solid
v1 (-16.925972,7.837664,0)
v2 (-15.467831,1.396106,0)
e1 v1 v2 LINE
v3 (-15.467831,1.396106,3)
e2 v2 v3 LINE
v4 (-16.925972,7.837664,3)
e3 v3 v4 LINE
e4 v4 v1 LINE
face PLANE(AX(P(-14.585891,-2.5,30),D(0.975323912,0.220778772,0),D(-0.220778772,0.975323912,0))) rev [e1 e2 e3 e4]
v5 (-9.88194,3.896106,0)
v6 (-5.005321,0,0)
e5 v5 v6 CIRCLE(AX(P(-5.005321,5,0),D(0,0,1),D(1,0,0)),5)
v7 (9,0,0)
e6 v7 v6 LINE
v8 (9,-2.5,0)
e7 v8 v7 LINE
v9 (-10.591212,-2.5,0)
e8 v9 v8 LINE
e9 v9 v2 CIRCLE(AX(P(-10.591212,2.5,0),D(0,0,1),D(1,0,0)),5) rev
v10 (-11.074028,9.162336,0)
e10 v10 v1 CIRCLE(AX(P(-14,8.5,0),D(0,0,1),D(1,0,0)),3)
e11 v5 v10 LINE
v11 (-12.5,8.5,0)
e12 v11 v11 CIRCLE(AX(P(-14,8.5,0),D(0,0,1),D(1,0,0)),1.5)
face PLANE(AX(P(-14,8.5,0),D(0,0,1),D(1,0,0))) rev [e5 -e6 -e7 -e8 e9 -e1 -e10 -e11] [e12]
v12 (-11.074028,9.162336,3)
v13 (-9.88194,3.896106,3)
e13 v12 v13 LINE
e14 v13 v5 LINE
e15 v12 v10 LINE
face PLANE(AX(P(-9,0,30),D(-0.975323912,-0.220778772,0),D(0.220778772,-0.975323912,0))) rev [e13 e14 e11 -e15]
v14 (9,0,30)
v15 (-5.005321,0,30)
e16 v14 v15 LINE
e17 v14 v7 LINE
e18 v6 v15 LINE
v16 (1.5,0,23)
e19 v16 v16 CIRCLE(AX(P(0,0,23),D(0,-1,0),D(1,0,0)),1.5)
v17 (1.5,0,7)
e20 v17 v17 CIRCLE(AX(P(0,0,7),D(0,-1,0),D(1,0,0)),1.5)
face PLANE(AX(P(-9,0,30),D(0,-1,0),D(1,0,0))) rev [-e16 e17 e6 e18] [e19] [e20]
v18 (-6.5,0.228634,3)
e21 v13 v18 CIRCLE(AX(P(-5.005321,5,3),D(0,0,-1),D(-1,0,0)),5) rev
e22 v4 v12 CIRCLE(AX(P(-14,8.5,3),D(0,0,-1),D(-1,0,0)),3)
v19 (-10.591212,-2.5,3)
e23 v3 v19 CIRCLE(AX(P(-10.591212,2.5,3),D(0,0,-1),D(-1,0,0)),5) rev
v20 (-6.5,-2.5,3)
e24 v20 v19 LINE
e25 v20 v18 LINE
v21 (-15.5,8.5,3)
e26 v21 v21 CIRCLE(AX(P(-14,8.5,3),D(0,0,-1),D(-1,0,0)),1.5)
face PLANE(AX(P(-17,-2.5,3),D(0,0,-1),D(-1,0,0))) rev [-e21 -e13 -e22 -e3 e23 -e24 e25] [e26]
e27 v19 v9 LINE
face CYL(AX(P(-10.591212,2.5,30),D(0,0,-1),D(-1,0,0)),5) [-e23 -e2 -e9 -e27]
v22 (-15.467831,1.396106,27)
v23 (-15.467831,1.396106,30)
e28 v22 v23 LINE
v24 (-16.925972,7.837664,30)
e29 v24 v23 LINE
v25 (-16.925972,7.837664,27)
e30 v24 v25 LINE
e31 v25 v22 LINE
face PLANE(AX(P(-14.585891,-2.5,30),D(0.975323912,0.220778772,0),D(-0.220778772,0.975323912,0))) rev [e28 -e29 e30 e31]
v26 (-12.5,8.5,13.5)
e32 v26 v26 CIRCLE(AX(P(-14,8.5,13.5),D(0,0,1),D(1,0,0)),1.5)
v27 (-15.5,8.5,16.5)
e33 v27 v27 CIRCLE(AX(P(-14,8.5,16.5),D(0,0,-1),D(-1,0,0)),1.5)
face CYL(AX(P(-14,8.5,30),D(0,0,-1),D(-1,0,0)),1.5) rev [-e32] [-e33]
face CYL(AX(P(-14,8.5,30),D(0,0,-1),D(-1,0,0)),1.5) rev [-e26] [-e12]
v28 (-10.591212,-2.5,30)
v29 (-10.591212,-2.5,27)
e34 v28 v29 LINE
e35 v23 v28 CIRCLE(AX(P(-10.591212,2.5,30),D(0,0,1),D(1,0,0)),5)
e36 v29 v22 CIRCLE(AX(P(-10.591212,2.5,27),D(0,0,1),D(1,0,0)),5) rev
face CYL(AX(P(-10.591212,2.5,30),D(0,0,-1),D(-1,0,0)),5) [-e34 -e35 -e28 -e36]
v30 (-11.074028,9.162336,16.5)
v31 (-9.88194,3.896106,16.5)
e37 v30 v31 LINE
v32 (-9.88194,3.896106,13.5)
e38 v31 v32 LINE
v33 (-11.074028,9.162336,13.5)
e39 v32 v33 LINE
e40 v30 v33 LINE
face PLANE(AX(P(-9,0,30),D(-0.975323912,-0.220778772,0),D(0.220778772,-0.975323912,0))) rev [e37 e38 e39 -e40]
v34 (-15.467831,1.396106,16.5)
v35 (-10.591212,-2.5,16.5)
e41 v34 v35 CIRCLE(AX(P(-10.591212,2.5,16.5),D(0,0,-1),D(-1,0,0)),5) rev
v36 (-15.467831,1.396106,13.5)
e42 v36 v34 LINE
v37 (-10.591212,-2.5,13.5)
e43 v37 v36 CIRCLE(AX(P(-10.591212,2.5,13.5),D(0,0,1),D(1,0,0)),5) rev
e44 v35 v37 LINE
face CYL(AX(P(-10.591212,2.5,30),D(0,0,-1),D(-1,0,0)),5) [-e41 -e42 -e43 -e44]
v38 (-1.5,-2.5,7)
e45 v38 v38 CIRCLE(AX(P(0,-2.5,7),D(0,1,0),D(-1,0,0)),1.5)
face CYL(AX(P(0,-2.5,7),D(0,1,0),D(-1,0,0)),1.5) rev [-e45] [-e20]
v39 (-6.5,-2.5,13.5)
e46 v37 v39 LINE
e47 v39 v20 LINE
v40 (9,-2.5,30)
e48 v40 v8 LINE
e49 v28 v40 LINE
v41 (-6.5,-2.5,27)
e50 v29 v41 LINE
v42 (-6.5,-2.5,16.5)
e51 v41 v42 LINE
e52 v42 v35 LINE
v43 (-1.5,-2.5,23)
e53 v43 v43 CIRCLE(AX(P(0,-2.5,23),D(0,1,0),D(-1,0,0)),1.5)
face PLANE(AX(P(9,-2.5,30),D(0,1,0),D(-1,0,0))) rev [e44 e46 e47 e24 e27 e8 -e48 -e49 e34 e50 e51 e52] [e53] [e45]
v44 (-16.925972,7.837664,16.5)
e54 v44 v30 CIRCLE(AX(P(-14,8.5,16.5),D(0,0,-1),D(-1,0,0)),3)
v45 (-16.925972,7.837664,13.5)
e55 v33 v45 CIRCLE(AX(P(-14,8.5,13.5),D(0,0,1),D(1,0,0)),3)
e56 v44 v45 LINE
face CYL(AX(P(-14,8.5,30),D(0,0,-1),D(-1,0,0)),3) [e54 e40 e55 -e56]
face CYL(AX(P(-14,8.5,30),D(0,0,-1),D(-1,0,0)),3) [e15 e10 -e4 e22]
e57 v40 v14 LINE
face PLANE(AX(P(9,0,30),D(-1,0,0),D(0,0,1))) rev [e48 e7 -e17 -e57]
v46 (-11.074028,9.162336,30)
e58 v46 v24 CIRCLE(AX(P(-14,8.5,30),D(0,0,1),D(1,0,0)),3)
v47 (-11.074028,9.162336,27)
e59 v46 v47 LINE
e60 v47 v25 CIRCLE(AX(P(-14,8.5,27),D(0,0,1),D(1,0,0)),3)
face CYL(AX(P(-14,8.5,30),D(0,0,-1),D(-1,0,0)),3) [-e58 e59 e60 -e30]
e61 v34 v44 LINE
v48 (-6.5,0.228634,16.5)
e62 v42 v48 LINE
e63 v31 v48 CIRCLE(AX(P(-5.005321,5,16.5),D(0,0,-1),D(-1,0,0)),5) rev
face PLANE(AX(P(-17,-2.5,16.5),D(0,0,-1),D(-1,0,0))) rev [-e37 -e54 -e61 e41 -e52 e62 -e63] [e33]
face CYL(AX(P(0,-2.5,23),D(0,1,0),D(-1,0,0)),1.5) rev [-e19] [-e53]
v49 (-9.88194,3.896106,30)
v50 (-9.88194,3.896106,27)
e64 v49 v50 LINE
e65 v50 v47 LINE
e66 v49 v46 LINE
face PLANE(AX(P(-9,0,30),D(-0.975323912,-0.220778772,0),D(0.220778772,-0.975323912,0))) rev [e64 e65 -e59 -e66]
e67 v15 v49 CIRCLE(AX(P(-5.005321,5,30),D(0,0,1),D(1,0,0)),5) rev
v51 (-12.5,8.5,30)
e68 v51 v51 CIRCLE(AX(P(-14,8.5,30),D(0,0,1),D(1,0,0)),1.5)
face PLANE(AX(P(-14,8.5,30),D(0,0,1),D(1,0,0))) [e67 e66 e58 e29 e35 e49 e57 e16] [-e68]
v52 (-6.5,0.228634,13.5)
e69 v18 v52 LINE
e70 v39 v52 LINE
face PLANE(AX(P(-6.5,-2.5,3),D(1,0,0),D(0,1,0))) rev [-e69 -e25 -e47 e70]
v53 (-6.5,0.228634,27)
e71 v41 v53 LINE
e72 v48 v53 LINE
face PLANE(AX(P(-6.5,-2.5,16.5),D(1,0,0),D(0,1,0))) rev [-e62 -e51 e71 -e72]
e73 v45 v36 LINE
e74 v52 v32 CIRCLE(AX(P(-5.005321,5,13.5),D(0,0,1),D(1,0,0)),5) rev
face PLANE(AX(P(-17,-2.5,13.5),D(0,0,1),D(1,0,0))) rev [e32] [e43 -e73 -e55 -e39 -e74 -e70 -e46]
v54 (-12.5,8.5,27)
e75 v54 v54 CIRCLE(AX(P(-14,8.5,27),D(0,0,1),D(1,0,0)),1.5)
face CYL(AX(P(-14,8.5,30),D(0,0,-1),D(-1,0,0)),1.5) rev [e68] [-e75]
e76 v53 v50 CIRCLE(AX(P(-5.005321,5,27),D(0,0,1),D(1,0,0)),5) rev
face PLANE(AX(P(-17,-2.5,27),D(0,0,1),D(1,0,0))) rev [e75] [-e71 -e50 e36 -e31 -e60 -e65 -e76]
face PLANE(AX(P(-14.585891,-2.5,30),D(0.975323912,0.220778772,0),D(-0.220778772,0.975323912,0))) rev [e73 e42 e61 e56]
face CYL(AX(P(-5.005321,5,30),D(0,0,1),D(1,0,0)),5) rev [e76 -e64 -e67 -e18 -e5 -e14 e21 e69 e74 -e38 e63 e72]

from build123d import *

# Parameters (mm, degrees)
ESBO_O1_R                  = 1.5
RESSALTO_EXTRUS_O1_DEPTH   = 30
FILETE1_R                  = 5
CORTE_EXTRUS_O1_DEPTH      = 37.349002737
CORTE_EXTRUS_O1_DEPTH_BACK = 37.349002737
ESBO_O2_R                  = 1.5
ESBO_O2_W                  = 10.5
ESBO_O2_H                  = 10.5


with BuildPart() as part:
    # Esboço1 → Ressalto-extrusão1 (new body)
    with BuildSketch(Plane.XY):
        with BuildLine():
            Line((-9, 0), (9, 0))
            Line((9, 0), (9, -2.5))
            Line((9, -2.5), (-14.585891007, -2.5))
            Line((-14.585891007, -2.5), (-16.925971737, 7.837663684))
            ThreePointArc((-16.925971737, 7.837663684), (-14.662336316, 11.425971737), (-11.074028263, 9.162336316))
            Line((-11.074028263, 9.162336316), (-9, 0))
        make_face()
        with Locations((-14, 8.5)):
            Circle(ESBO_O1_R, mode=Mode.SUBTRACT)
    extrude(amount=RESSALTO_EXTRUS_O1_DEPTH)

    # Filete1
    filete1_edges = [part.edges().sort_by_distance(p)[0] for p in [
        (-14.585891007, -2.5, 15),
        (-9, 0, 15),
    ]]
    fillet(filete1_edges, radius=FILETE1_R)

    # Esboço2 → Corte-extrusão1 (cut, two sides: drawn at the far end of the back side and taken through both)
    with BuildSketch(Plane(origin=(0, 0, 0), x_dir=(1, 0, 0), z_dir=(0, 1, 0)).offset(-CORTE_EXTRUS_O1_DEPTH_BACK)):
        with Locations(Location((0, -7, 0), (0, 0, 180))):
            Circle(ESBO_O2_R)
        with Locations(Location((0, -23, 0), (0, 0, 180))):
            Circle(ESBO_O2_R)
        with Locations((-11.75, -8.25)):
            Rectangle(ESBO_O2_W, ESBO_O2_H)
        with Locations((-11.75, -21.75)):
            Rectangle(ESBO_O2_W, ESBO_O2_H)
    extrude(amount=CORTE_EXTRUS_O1_DEPTH + CORTE_EXTRUS_O1_DEPTH_BACK, mode=Mode.SUBTRACT)


solid = part.part
